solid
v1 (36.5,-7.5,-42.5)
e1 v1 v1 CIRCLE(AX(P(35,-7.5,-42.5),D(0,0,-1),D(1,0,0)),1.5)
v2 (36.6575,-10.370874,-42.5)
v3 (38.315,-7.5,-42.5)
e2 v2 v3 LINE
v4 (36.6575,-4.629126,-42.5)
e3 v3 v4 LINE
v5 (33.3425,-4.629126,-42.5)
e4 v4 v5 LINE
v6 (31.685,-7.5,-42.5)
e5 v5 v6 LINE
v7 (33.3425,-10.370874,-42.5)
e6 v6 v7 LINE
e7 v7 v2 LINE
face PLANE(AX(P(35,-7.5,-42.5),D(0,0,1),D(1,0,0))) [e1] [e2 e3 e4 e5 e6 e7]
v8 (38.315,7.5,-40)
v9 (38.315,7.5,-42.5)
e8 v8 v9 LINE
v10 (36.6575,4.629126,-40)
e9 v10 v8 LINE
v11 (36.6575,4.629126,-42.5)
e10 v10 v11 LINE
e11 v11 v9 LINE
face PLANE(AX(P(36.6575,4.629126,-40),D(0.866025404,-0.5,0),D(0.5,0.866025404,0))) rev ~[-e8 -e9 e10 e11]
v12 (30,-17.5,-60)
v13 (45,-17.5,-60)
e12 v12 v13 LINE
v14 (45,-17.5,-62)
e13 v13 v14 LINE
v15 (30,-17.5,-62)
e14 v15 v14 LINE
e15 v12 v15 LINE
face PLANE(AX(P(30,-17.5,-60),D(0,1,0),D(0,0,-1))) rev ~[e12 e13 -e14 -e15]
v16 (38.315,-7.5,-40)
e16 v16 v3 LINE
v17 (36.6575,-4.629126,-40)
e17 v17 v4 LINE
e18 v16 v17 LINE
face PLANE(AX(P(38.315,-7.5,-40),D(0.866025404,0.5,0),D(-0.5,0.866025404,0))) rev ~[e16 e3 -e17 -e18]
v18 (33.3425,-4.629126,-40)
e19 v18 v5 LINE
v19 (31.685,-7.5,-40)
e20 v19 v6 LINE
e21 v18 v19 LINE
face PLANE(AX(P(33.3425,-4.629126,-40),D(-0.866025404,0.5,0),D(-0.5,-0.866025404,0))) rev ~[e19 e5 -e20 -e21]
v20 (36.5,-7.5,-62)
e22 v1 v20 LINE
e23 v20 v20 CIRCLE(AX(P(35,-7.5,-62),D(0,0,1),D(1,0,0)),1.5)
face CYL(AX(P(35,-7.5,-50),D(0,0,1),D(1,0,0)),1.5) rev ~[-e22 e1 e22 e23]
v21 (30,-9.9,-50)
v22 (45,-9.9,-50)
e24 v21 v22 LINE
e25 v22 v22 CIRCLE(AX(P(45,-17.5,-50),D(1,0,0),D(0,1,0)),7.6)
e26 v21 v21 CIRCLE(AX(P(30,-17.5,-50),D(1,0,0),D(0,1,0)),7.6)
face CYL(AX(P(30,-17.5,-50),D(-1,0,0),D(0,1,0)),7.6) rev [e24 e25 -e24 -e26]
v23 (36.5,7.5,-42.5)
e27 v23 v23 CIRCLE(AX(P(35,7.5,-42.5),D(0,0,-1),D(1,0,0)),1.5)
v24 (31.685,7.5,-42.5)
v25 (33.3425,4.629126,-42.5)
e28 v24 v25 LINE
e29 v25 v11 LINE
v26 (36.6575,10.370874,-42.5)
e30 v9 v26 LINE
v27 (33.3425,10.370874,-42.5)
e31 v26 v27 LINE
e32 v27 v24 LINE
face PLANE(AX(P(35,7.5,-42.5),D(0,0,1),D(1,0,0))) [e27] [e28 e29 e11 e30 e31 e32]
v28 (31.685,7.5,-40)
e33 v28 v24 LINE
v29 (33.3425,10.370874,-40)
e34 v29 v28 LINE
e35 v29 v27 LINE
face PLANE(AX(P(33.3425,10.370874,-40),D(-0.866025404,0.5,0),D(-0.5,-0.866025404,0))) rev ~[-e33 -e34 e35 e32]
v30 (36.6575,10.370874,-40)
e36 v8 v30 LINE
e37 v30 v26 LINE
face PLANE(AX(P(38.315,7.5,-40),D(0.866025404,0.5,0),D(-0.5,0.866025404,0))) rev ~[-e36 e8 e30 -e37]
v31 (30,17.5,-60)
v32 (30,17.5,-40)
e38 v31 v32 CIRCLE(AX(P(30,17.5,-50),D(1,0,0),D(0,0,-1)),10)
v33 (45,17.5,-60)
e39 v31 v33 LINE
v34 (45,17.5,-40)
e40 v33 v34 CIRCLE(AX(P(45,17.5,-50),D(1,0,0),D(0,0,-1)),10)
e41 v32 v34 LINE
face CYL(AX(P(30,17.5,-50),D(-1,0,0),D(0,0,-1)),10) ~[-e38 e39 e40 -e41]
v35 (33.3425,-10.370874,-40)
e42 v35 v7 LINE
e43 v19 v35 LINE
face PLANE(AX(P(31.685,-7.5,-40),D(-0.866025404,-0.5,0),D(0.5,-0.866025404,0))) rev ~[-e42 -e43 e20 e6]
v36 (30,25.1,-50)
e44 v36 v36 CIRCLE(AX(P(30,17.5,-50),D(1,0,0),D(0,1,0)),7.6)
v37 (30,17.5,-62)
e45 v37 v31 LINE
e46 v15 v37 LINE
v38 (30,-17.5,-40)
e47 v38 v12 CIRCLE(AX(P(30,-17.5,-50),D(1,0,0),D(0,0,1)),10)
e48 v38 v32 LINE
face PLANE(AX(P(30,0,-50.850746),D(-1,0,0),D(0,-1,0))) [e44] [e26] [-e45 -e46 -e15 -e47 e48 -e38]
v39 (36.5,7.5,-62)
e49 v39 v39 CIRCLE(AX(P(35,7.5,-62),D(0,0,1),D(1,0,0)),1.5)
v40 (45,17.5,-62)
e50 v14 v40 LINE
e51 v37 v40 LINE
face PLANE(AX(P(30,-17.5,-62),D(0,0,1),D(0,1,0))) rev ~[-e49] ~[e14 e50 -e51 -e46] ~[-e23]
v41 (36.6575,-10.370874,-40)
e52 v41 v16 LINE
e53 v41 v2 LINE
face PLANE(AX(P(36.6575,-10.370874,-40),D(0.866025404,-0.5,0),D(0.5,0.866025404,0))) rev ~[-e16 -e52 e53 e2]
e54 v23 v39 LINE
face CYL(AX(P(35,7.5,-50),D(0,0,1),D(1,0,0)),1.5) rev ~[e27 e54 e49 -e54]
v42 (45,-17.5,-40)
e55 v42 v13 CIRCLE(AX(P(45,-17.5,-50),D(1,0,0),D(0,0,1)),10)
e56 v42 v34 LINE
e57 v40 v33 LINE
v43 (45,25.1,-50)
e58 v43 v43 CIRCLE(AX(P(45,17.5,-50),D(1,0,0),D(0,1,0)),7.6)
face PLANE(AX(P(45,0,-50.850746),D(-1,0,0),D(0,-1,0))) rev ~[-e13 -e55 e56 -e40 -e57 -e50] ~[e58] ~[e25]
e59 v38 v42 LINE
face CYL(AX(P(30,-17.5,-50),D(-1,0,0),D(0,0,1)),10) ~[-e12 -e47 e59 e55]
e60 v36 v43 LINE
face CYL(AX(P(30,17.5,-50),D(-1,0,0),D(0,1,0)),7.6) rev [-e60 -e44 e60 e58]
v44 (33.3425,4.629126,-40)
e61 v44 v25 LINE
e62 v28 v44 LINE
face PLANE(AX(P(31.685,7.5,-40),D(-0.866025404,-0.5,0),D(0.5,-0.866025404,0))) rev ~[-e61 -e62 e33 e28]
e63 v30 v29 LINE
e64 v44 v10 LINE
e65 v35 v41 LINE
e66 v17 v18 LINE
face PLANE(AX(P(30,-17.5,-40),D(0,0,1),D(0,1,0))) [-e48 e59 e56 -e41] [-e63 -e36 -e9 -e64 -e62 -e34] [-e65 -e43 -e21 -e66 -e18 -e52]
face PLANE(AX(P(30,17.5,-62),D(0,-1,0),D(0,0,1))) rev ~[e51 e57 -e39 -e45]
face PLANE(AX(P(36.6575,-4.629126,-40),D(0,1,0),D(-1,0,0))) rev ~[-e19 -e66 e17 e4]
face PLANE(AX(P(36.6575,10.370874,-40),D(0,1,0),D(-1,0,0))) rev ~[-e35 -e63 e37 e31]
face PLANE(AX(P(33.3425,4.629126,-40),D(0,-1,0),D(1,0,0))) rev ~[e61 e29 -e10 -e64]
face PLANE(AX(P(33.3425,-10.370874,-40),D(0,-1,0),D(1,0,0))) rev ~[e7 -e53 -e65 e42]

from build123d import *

# Parameters (mm, degrees)
SKETCH039_R          = 7.6
PAD012_DEPTH         = 15
SKETCH040_R          = 1.5
POCKET024_DEPTH      = 10.001
POCKET024_DEPTH_BACK = 12.001
POCKET025_DEPTH      = 2.5


with BuildPart() as part:
    # Sketch039 → Pad012 (new body)
    with BuildSketch(Plane.YZ):
        with BuildLine():
            Line((-17.5, 10), (17.5, 10))
            ThreePointArc((17.5, -10), (27.5, 0), (17.5, 10))
            Line((17.5, -12), (17.5, -10))
            Line((-17.5, -12), (17.5, -12))
            Line((-17.5, -10), (-17.5, -12))
            ThreePointArc((-17.5, 10), (-27.5, 0), (-17.5, -10))
        make_face()
        with Locations((17.5, 0)):
            Circle(SKETCH039_R, mode=Mode.SUBTRACT)
        with Locations((-17.5, 0)):
            Circle(SKETCH039_R, mode=Mode.SUBTRACT)
    extrude(amount=PAD012_DEPTH)

    # Sketch040 → Pocket024 (cut, two sides)
    with BuildSketch(Plane.XY) as pocket024_sk:
        with Locations((5, 7.5)):
            Circle(SKETCH040_R)
        with Locations((5, -7.5)):
            Circle(SKETCH040_R)
    extrude(amount=POCKET024_DEPTH, mode=Mode.SUBTRACT)
    extrude(pocket024_sk.sketch, amount=-POCKET024_DEPTH_BACK, mode=Mode.SUBTRACT)

    # Sketch041 → Pocket025 (cut)
    with BuildSketch(Plane.XY.offset(10)):
        Polygon((6.6575, 10.3708742135), (3.3425, 10.3708742135), (1.685, 7.5), (3.3425, 4.6291257865), (6.6575, 4.6291257865), (8.315, 7.5), align=None)
        Polygon((6.6575, -4.6291257865), (3.3425, -4.6291257865), (1.685, -7.5), (3.3425, -10.3708742135), (6.6575, -10.3708742135), (8.315, -7.5), align=None)
    extrude(amount=-POCKET025_DEPTH, mode=Mode.SUBTRACT)


with BuildPart() as part_1:
    # Body007 placement: moved
    add(part.part.moved(Location((30, 0, -50))))


solid = part_1.part
